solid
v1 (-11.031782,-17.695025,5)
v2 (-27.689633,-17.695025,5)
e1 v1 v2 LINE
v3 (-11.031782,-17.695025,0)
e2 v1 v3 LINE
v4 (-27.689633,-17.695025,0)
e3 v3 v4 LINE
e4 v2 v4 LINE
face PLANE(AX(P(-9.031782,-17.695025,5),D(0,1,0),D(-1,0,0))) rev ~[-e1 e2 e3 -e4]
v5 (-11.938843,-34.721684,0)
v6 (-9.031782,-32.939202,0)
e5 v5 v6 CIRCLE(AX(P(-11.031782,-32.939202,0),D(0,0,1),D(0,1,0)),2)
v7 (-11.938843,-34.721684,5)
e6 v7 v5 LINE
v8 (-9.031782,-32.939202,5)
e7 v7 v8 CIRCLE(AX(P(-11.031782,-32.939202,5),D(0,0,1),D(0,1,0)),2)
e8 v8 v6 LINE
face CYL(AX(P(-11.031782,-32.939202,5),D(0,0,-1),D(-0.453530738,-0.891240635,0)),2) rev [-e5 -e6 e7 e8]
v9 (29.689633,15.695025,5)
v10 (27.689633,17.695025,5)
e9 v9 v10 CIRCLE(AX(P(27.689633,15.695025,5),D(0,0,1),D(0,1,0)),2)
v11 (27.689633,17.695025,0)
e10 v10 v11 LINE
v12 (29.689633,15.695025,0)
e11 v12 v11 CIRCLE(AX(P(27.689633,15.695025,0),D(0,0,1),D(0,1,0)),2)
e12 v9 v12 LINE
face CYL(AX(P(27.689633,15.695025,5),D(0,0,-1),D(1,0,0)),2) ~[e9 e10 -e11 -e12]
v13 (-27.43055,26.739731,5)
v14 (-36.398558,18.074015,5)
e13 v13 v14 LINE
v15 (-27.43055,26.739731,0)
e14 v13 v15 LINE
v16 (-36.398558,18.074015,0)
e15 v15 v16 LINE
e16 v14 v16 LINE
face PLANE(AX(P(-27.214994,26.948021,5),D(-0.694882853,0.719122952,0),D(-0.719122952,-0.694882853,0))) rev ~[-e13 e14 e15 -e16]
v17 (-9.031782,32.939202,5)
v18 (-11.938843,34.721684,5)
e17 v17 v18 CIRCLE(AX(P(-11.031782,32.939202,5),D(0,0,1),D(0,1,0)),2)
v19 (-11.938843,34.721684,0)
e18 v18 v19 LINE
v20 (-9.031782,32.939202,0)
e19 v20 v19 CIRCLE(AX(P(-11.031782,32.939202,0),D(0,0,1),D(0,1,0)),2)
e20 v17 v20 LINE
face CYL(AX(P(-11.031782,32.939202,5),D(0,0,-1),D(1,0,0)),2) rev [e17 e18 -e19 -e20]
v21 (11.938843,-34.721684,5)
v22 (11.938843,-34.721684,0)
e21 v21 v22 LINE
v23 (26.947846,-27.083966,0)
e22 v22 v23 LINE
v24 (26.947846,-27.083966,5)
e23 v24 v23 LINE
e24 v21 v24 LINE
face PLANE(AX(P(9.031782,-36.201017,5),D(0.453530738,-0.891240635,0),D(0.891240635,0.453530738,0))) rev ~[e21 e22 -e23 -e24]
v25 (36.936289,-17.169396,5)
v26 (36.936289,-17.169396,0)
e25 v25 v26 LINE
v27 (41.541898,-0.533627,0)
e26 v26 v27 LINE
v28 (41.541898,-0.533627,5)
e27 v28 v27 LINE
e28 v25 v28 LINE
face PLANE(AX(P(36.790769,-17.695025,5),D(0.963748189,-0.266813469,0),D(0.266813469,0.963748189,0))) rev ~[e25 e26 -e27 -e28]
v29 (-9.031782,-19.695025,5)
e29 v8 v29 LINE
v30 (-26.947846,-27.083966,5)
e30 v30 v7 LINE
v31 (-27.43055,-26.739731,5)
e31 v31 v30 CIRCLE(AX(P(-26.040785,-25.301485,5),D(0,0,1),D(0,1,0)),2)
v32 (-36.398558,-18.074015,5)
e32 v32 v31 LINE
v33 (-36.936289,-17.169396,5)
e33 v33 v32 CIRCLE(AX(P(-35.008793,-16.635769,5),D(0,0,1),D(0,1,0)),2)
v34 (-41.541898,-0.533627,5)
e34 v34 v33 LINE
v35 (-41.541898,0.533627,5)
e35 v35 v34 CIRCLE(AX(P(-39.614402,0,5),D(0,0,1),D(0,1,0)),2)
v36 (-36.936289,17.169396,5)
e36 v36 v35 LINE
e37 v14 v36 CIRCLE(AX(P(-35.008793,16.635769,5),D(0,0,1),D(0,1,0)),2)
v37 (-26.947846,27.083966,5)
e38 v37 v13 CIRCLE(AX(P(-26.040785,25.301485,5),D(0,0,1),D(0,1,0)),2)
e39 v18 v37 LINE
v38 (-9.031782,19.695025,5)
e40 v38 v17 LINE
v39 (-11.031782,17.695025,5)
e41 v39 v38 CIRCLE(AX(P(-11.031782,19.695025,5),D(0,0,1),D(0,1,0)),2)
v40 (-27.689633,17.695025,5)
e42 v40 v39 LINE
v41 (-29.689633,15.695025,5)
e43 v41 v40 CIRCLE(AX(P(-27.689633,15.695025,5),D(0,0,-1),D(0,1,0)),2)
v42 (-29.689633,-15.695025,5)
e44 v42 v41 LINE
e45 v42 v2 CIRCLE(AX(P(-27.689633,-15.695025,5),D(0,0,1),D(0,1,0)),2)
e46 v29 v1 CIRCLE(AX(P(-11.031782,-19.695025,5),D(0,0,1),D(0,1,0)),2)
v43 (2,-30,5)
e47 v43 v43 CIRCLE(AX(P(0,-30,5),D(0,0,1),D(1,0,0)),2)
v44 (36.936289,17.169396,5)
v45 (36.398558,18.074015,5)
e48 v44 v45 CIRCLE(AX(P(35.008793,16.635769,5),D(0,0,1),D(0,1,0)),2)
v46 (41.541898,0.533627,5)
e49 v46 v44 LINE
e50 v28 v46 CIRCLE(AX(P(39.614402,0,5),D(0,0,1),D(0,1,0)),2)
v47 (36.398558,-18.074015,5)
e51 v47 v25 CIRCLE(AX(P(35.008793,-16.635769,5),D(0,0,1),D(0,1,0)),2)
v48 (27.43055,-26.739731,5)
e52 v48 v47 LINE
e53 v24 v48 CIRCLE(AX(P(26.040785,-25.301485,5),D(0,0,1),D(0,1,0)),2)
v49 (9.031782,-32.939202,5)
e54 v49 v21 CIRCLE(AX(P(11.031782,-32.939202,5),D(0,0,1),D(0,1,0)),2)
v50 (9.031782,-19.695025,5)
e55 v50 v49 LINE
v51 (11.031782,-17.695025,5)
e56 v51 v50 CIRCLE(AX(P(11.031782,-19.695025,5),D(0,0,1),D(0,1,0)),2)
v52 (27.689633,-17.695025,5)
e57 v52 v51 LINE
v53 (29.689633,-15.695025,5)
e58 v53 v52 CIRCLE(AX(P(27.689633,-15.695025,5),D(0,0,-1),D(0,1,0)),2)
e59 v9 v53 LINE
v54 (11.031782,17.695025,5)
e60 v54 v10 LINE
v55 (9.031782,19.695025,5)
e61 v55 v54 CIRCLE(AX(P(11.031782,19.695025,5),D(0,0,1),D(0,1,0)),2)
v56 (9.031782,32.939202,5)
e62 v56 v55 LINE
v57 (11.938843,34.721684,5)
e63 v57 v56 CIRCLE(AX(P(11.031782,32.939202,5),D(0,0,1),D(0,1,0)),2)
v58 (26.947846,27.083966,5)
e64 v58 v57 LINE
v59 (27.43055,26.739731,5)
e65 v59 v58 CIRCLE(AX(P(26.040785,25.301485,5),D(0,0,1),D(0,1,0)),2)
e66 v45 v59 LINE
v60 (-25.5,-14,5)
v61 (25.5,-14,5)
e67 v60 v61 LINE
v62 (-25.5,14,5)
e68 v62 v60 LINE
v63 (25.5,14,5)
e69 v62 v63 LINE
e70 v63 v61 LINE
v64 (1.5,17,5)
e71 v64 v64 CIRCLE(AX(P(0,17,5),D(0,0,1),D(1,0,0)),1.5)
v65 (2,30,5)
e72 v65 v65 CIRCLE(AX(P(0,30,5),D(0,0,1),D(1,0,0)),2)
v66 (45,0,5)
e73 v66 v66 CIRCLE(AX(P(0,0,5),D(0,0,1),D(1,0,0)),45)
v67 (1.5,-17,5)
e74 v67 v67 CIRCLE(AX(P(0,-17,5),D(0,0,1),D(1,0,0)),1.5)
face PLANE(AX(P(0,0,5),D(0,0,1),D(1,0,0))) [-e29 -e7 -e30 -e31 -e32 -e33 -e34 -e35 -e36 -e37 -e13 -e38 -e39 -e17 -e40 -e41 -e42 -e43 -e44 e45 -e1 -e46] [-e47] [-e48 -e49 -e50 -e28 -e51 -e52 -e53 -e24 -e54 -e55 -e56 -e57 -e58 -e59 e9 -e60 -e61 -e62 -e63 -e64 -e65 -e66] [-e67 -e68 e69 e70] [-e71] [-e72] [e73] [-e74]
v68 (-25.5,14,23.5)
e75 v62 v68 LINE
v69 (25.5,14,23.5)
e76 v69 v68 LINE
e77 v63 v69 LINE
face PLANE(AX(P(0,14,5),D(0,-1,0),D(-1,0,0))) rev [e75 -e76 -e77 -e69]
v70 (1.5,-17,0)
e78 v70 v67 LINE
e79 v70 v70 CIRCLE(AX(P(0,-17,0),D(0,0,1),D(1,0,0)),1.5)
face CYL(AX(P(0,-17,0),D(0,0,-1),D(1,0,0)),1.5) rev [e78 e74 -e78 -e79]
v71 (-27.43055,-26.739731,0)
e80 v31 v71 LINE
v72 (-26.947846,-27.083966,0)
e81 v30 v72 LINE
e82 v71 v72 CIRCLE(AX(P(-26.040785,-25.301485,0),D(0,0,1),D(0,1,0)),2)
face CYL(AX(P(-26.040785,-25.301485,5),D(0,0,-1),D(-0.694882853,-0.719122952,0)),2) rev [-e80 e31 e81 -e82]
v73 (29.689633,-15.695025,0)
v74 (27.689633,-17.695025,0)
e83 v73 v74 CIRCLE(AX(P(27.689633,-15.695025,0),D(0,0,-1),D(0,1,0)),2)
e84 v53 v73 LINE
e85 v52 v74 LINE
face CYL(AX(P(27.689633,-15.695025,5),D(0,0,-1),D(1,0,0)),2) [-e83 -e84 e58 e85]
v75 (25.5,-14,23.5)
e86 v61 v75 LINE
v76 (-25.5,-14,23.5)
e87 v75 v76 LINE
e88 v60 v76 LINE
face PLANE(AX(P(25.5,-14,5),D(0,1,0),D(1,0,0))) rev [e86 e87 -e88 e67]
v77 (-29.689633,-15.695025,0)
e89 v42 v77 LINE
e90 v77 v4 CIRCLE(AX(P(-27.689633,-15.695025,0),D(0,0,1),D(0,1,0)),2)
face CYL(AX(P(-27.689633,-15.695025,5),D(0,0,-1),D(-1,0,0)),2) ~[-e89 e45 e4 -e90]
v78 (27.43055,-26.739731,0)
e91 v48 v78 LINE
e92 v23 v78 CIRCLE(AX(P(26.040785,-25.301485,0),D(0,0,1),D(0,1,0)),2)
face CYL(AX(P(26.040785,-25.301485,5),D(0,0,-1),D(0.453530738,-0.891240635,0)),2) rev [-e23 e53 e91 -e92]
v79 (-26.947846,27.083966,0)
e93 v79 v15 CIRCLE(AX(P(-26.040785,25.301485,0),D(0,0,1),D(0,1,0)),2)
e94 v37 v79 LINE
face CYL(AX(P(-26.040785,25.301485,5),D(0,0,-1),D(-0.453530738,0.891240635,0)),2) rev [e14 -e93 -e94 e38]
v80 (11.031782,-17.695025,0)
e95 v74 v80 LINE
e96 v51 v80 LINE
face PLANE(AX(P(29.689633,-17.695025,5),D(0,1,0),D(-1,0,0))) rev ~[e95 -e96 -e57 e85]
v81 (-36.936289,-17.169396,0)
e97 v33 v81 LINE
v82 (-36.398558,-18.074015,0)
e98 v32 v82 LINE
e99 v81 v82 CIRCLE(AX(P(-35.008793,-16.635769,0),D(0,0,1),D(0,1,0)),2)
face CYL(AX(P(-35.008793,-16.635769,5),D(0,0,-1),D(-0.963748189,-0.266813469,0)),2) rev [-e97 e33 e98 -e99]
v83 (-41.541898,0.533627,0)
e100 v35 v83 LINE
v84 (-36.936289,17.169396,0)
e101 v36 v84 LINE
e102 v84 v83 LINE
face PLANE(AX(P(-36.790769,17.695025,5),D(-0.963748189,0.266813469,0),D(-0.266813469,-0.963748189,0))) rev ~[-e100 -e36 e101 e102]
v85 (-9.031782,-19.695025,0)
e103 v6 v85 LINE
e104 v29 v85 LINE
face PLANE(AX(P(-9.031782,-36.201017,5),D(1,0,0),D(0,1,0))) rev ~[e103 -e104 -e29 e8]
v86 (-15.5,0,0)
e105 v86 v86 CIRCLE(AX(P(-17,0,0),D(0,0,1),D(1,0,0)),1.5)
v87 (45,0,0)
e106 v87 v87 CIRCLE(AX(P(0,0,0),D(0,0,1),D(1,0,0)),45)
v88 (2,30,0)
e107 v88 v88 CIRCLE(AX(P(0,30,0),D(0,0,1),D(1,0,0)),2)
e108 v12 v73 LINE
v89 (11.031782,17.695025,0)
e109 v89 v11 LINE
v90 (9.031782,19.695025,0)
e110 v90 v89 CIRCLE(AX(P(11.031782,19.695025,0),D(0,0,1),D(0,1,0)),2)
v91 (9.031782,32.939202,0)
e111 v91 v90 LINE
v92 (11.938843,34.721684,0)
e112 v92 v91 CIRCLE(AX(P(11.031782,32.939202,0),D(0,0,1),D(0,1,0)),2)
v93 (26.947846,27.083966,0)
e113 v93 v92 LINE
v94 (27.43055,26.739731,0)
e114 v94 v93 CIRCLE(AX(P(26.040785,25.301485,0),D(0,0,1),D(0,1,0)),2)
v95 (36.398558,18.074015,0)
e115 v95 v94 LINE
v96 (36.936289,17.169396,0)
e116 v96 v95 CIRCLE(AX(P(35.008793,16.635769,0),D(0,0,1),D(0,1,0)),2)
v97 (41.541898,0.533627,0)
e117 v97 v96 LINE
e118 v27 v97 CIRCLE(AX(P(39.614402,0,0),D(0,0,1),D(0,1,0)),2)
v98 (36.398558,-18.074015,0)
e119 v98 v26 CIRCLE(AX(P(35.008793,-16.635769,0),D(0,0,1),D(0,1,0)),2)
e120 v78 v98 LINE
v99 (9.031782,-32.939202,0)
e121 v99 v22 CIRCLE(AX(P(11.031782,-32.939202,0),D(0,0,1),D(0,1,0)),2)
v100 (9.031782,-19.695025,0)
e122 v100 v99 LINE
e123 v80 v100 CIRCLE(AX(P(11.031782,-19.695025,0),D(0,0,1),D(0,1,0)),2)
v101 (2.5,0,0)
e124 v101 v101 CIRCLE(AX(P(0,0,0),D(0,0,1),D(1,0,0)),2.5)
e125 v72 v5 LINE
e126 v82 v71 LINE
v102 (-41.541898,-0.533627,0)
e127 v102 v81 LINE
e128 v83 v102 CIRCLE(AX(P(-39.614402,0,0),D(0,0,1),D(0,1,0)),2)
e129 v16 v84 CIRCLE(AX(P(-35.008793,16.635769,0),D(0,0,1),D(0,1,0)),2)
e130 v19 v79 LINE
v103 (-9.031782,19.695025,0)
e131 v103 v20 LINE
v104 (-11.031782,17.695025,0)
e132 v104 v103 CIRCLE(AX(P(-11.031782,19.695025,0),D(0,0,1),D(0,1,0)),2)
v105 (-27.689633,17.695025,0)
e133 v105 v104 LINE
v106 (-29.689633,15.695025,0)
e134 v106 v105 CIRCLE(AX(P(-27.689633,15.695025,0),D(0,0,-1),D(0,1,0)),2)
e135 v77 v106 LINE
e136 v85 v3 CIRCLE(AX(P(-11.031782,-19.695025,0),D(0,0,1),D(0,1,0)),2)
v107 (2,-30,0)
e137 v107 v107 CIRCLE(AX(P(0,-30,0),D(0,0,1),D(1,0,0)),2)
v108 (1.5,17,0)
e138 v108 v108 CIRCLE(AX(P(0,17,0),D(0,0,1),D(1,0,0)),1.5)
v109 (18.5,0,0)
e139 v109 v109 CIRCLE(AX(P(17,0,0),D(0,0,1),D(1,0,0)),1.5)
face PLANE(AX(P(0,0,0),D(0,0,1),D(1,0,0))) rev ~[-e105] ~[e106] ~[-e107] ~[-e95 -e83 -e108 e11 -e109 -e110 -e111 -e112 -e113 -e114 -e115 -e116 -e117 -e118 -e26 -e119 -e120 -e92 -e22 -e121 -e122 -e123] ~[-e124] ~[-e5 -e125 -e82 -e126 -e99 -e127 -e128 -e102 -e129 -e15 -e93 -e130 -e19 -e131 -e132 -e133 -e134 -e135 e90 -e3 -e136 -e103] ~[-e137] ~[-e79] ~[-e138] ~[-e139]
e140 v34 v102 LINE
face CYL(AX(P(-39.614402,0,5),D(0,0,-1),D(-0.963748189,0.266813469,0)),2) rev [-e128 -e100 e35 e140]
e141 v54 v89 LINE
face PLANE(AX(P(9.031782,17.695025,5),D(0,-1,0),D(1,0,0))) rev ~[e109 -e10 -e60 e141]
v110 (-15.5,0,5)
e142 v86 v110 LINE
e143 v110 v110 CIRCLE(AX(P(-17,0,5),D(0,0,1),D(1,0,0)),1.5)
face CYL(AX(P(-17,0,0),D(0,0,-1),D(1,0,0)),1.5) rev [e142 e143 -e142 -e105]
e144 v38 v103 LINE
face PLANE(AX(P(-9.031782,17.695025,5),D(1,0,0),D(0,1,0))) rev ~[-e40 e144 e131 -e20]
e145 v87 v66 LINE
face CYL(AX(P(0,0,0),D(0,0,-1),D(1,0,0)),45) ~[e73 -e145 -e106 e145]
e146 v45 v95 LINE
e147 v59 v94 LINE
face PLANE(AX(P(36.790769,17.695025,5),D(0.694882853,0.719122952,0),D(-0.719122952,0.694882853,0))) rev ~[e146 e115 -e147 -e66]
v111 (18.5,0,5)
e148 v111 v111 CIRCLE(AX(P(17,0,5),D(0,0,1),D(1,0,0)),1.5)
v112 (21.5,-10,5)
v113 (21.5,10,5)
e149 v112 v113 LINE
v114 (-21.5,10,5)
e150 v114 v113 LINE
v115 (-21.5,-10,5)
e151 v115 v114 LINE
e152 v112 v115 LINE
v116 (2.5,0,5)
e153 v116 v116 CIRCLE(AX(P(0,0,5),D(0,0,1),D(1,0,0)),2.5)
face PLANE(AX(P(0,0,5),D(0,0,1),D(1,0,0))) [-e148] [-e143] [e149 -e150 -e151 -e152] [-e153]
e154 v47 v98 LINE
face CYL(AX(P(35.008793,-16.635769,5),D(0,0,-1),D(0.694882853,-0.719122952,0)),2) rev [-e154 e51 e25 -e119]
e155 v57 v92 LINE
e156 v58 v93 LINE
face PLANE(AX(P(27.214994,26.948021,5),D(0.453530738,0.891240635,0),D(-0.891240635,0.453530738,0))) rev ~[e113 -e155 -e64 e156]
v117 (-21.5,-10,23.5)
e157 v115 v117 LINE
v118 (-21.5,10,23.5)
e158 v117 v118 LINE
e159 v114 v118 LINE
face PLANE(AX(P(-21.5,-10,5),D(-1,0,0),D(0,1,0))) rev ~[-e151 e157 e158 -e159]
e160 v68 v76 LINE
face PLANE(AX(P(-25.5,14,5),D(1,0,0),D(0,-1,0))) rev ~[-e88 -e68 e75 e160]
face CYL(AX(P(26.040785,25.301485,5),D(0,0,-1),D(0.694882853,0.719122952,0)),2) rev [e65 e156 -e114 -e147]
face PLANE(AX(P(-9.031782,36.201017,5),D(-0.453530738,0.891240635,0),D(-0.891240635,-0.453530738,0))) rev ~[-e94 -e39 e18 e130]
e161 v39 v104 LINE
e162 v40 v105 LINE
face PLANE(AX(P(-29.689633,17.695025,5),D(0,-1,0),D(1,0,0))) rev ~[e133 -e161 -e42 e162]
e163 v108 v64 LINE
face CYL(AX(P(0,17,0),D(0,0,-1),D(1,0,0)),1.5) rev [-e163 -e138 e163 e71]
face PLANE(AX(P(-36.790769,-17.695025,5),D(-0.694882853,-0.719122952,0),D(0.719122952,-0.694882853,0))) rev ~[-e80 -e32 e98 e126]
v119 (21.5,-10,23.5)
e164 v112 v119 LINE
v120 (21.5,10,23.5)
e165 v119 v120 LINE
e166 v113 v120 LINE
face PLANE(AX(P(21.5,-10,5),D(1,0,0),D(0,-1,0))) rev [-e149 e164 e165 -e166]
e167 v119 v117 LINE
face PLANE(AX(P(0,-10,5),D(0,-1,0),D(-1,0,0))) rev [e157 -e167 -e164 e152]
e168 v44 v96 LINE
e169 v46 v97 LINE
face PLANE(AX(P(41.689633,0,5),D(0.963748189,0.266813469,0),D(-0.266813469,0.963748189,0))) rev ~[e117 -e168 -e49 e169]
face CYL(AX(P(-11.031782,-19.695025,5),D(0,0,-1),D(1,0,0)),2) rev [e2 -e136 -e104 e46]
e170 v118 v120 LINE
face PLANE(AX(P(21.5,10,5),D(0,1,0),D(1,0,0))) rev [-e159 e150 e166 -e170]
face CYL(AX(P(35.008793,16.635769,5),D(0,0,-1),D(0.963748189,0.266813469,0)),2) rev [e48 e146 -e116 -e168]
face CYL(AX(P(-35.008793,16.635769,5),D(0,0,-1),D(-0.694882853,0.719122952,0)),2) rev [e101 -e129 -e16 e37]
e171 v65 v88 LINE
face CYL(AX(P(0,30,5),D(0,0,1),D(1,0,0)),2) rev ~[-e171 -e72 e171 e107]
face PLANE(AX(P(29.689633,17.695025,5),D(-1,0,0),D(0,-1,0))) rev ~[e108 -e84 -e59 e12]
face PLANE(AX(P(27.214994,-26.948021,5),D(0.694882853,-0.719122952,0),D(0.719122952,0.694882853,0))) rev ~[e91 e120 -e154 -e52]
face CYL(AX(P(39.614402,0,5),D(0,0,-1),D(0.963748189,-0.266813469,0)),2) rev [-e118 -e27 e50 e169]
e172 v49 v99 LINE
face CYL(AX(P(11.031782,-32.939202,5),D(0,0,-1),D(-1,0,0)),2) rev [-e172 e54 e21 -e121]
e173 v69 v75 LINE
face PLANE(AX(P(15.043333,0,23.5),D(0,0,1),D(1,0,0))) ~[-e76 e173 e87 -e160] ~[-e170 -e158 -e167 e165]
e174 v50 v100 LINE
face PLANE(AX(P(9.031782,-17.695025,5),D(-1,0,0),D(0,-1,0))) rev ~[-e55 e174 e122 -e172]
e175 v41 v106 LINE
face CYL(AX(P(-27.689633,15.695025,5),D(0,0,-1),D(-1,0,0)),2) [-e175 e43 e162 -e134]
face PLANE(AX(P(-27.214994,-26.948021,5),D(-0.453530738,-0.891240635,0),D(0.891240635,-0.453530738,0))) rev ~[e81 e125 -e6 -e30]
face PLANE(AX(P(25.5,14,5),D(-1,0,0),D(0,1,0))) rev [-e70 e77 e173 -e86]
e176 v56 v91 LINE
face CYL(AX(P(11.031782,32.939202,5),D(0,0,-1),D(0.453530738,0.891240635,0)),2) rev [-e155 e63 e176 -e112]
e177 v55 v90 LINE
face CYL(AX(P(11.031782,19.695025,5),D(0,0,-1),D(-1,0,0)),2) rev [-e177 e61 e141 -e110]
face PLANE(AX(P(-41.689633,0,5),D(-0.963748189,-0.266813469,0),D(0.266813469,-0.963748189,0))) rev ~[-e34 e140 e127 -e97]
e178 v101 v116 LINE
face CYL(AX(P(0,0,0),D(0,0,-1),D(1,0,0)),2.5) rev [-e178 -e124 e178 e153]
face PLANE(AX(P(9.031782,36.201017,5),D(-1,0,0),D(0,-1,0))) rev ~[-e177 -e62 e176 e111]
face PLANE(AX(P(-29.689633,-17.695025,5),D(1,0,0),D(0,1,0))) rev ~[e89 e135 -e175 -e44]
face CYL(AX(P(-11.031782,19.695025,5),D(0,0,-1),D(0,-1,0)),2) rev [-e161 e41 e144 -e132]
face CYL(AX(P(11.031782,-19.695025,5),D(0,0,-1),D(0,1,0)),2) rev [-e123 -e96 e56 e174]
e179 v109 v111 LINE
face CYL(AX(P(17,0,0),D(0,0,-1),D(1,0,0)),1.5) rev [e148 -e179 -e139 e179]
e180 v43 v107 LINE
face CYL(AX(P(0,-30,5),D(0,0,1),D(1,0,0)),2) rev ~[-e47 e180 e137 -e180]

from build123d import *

# Parameters (mm, degrees)
SKETCH1_R           = 45
SKETCH1_R_2         = 2.5
SKETCH1_R_3         = 1.5
BOSS_EXTRUDE1_DEPTH = 5
BOSS_EXTRUDE2_DEPTH = 18.5
SKETCH4_R           = 2
CUT_EXTRUDE1_DEPTH  = 10
CUT_EXTRUDE2_DEPTH  = 10
FILLET1_R           = 2


with BuildPart() as part:
    # Sketch1 → Boss-Extrude1 (new body)
    with BuildSketch(Plane.XY):
        Circle(SKETCH1_R)
        Circle(SKETCH1_R_2, mode=Mode.SUBTRACT)
        with Locations((0, 17)):
            Circle(SKETCH1_R_3, mode=Mode.SUBTRACT)
        with Locations((17, 0)):
            Circle(SKETCH1_R_3, mode=Mode.SUBTRACT)
        with Locations((0, -17)):
            Circle(SKETCH1_R_3, mode=Mode.SUBTRACT)
        with Locations((-17, 0)):
            Circle(SKETCH1_R_3, mode=Mode.SUBTRACT)
    extrude(amount=BOSS_EXTRUDE1_DEPTH)

    # Sketch2 → Boss-Extrude2 (add)
    with BuildSketch(Plane.XY.offset(5)):
        Polygon((-25.5, 10), (-25.5, -10), (-25.5, -14), (0, -14), (0, -10), (-21.5, -10), (-21.5, 10), (0, 10), (0, 14), (-25.5, 14), align=None)
    boss_extrude2 = extrude(amount=BOSS_EXTRUDE2_DEPTH)

    # Mirror1: Boss-Extrude2 across plane
    add(boss_extrude2.mirror(Plane(origin=(0, 0, 0), x_dir=(0, 0, 1), z_dir=(1, 0, 0))))

    # Sketch4 → Cut-Extrude1 (cut)
    with BuildSketch(Plane.XY.offset(5)):
        with Locations((0, 30)):
            Circle(SKETCH4_R)
        with Locations((0, -30)):
            Circle(SKETCH4_R)
    extrude(amount=-CUT_EXTRUDE1_DEPTH, mode=Mode.SUBTRACT)

    # Sketch5 → Cut-Extrude2 (cut)
    with BuildSketch(Plane.XY.offset(5)):
        Polygon((29.689632614, 17.695025445), (29.689632614, 0), (41.689632614, 0), (36.7907688, 17.695025445), (27.214994246, 26.948021081), (9.031781892, 36.201016717), (9.031781892, 17.695025445), align=None)
        Polygon((29.689632614, 0), (29.689632614, -17.695025445), (9.031781892, -17.695025445), (9.031781892, -36.201016717), (27.214994246, -26.948021081), (36.7907688, -17.695025445), (41.689632614, 0), align=None)
        Polygon((-29.689632614, -17.695025445), (-29.689632614, 0), (-41.689632614, 0), (-36.7907688, -17.695025445), (-27.214994246, -26.948021081), (-9.031781892, -36.201016717), (-9.031781892, -17.695025445), align=None)
        Polygon((-29.689632614, 0), (-29.689632614, 17.695025445), (-9.031781892, 17.695025445), (-9.031781892, 36.201016717), (-27.214994246, 26.948021081), (-36.7907688, 17.695025445), (-41.689632614, 0), align=None)
    extrude(amount=-CUT_EXTRUDE2_DEPTH, mode=Mode.SUBTRACT)

    # Fillet1
    fillet1_edges = [part.edges().sort_by_distance(p)[0] for p in [
        (9.031781892, -36.201016717, 2.5),
        (9.031781892, -17.695025445, 2.5),
        (29.689632614, -17.695025445, 2.5),
        (-29.689632614, -17.695025445, 2.5),
        (-9.031781892, -17.695025445, 2.5),
        (-9.031781892, -36.201016717, 2.5),
        (-27.214994246, -26.948021081, 2.5),
        (-36.7907688, -17.695025445, 2.5),
        (-41.689632614, 0, 2.5),
        (-36.7907688, 17.695025445, 2.5),
        (-27.214994246, 26.948021081, 2.5),
        (-9.031781892, 36.201016717, 2.5),
        (-9.031781892, 17.695025445, 2.5),
        (-29.689632614, 17.695025445, 2.5),
        (29.689632614, 17.695025445, 2.5),
        (9.031781892, 17.695025445, 2.5),
        (9.031781892, 36.201016717, 2.5),
        (27.214994246, 26.948021081, 2.5),
        (36.7907688, 17.695025445, 2.5),
        (41.689632614, 0, 2.5),
        (36.7907688, -17.695025445, 2.5),
        (27.214994246, -26.948021081, 2.5),
    ]]
    fillet(fillet1_edges, radius=FILLET1_R)


solid = part.part
